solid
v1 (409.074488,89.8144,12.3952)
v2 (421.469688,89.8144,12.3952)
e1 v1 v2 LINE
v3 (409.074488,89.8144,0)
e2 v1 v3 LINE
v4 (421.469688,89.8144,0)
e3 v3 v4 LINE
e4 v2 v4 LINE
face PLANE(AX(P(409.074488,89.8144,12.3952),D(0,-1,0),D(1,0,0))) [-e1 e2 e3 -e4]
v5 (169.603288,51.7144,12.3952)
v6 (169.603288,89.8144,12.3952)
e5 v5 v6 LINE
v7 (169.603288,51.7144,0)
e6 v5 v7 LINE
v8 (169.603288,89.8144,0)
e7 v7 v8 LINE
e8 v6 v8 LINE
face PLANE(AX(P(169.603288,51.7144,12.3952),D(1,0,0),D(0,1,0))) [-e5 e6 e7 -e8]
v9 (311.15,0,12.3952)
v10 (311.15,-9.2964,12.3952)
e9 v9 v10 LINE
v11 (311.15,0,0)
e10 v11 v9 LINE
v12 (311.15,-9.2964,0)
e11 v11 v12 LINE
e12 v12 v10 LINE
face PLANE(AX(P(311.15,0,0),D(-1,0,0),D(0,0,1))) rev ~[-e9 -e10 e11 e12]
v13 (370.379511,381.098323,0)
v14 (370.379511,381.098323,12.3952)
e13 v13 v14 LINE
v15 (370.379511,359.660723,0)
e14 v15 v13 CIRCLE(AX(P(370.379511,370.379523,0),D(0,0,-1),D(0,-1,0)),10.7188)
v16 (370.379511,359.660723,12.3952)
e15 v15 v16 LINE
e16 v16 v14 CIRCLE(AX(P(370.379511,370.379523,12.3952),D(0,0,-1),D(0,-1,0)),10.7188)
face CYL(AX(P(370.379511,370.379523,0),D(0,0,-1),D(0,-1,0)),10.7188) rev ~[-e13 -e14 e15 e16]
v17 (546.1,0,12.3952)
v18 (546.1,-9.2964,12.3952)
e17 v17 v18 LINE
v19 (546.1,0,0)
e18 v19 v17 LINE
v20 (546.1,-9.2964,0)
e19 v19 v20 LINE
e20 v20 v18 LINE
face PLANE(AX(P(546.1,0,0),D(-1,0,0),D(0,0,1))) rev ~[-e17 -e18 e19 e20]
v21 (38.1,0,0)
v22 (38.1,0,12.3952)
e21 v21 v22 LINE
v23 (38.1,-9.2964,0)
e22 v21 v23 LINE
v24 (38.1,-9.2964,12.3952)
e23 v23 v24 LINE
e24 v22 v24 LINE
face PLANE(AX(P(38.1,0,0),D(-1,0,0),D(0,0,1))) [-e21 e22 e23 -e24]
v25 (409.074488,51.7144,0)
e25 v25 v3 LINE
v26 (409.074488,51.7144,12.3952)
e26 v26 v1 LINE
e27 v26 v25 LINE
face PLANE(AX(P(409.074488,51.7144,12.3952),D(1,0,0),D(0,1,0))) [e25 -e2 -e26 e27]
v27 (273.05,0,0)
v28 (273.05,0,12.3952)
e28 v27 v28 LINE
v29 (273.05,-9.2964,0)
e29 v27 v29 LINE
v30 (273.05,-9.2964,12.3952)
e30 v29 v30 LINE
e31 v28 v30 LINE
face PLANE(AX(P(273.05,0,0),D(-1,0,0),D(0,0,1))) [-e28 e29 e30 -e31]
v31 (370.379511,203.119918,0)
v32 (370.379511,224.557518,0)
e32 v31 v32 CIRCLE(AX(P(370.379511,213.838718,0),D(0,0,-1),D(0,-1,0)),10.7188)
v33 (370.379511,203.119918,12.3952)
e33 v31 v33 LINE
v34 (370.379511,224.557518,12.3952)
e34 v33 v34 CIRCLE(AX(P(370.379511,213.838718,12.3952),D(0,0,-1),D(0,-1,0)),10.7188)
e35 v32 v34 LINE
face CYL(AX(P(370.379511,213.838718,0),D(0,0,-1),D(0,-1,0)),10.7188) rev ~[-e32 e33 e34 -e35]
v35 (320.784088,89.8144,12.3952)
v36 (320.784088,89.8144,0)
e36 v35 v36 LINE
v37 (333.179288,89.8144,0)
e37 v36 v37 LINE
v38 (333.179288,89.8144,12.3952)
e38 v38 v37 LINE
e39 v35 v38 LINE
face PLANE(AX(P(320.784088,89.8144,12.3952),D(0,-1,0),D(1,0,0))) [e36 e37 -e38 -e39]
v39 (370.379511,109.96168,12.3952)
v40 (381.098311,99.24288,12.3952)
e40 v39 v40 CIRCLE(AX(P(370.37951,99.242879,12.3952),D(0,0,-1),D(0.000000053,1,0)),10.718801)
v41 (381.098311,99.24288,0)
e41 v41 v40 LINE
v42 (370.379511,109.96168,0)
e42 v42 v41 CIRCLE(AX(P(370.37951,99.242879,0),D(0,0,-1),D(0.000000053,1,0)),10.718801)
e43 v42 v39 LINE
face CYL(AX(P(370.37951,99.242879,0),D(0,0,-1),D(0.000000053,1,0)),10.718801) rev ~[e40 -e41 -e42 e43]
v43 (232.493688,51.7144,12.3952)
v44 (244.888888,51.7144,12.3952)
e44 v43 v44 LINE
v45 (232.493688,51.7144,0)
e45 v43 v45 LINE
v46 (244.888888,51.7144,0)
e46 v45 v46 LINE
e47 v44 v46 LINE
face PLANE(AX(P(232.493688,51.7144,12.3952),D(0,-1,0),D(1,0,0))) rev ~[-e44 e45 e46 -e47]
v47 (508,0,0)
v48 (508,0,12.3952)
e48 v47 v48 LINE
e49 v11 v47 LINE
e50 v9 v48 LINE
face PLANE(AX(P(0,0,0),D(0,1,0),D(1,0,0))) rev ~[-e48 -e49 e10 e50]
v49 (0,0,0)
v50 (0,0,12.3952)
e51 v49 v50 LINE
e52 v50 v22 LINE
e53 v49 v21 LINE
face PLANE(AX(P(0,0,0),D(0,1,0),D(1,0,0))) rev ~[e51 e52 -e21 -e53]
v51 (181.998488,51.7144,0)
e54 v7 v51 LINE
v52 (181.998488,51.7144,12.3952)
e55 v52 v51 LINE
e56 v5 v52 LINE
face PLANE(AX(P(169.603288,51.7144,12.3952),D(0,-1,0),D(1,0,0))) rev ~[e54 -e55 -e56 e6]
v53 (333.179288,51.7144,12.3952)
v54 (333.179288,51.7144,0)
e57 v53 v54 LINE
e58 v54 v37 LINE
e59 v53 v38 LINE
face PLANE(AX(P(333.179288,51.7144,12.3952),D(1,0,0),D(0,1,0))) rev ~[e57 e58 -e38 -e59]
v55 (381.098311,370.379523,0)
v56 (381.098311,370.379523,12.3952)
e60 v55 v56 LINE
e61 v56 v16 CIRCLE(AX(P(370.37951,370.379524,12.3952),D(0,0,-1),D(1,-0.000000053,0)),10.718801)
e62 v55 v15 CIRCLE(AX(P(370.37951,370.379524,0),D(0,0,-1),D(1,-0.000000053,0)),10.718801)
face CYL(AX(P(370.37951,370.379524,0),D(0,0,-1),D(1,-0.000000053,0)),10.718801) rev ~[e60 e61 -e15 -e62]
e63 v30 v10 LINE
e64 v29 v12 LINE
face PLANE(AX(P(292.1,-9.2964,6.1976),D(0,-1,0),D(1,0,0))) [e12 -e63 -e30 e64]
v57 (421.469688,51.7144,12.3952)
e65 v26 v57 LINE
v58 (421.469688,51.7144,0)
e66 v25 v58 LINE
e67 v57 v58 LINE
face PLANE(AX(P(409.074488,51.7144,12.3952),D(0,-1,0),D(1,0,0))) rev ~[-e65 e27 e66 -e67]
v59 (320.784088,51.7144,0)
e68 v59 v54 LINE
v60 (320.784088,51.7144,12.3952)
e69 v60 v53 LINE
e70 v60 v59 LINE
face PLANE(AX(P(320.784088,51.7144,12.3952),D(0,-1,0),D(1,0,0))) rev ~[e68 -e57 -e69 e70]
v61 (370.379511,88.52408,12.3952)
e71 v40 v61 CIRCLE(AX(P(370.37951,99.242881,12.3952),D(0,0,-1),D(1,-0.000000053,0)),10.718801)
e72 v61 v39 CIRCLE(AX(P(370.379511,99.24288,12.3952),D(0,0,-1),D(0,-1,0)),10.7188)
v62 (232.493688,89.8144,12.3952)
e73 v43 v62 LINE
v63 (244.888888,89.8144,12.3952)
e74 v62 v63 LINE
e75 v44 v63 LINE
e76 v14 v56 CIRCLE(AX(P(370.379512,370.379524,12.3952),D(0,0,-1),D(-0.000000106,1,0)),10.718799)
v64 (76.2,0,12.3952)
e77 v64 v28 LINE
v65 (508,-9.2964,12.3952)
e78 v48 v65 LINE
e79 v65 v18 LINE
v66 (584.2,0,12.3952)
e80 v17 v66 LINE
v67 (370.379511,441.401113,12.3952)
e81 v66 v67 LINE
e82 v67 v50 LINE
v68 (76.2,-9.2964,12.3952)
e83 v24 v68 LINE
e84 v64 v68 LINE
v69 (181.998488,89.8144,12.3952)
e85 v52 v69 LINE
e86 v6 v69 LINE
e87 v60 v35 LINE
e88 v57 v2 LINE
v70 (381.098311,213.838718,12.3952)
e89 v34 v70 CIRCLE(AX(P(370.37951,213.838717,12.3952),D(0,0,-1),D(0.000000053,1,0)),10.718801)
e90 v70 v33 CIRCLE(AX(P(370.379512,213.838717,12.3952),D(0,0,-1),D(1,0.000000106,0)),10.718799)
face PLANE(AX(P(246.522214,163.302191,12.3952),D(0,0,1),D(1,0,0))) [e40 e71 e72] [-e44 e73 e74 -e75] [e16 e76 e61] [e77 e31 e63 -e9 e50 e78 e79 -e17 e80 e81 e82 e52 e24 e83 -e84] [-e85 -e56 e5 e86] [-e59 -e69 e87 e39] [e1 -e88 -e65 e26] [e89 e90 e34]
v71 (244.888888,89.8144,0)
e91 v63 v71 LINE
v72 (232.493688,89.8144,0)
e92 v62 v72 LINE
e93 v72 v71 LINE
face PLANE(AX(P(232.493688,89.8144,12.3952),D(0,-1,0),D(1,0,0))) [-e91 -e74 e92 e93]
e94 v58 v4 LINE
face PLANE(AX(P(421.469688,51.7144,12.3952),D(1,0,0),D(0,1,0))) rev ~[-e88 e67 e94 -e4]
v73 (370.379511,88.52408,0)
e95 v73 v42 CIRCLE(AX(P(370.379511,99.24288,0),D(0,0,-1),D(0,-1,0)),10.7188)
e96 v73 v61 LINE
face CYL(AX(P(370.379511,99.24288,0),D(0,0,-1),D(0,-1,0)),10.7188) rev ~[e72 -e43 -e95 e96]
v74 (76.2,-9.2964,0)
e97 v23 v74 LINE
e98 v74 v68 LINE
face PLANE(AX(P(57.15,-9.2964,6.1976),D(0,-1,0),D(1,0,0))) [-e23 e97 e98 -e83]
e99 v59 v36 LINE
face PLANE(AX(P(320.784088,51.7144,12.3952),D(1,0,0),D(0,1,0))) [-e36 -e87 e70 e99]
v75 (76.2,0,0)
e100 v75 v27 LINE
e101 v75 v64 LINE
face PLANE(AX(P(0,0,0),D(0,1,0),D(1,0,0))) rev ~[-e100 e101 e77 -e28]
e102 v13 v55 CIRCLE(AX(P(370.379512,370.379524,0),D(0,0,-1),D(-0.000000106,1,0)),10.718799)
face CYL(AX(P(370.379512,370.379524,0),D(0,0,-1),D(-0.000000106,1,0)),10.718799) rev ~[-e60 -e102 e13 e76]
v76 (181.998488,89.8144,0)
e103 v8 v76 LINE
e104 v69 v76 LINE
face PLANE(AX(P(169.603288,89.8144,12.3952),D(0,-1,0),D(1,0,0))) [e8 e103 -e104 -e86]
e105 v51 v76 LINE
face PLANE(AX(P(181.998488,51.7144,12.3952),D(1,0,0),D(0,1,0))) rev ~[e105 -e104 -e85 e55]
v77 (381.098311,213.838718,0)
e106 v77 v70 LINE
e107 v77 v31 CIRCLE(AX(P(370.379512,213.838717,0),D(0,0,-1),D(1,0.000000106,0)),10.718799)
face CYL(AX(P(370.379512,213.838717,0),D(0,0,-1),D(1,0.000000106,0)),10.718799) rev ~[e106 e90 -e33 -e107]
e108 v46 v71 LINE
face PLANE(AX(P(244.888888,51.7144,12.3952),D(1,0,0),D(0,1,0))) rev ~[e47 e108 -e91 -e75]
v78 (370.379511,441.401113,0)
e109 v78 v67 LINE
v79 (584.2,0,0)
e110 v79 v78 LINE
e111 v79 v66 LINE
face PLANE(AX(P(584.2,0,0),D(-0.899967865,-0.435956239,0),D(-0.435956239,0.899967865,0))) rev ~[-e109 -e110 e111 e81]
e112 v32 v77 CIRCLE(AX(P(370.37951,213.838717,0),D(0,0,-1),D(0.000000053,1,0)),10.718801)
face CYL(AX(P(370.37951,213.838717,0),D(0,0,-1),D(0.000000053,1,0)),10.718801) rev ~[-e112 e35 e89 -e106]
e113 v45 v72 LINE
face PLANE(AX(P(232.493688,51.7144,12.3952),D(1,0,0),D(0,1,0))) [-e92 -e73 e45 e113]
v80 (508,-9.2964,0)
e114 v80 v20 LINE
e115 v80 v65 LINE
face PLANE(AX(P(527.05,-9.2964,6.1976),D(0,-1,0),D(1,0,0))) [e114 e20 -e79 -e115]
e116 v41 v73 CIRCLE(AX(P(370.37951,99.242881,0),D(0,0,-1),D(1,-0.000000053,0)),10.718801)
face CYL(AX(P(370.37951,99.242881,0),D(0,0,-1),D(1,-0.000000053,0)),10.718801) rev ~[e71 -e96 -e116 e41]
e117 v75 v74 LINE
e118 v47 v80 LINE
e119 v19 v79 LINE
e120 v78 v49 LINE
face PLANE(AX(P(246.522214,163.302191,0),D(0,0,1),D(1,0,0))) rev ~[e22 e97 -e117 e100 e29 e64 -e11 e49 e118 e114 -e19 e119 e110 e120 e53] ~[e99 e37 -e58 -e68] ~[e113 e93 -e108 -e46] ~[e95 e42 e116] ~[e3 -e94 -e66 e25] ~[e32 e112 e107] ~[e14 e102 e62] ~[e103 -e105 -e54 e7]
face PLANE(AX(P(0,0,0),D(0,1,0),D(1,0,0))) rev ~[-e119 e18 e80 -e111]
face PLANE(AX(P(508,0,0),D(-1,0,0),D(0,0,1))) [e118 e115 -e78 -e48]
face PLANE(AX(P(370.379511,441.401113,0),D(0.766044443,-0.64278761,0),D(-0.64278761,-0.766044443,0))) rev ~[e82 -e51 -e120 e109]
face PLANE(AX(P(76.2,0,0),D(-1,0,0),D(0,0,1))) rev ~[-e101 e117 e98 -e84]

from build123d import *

# Parameters (mm, degrees)
F1_DEPTH = 12.3952
F2_W     = 38.1
F2_H     = 12.3952
F3_DEPTH = 9.2964
F4_W     = 12.3952
F4_H     = 38.1
F5_DEPTH = 12.3952


with BuildPart() as f1:
    # F0 (on Top) → F1 (new body)
    with BuildSketch(Plane.XY):
        with BuildLine():
            Line((370.379511, 441.401113), (0, 0))
            Line((0, 0), (370.379511, 0))
            Line((370.379511, 0), (370.379511, 88.52408))
            ThreePointArc((370.379511, 88.52408), (359.660711, 99.24288), (370.379511, 109.96168))
            Line((370.379511, 109.96168), (370.379511, 203.119918))
            ThreePointArc((370.379511, 203.119918), (359.660711, 213.838718), (370.379511, 224.557518))
            Line((370.379511, 224.557518), (370.379511, 359.660723))
            ThreePointArc((370.379511, 359.660723), (359.660711, 370.379523), (370.379511, 381.098323))
            Line((370.379511, 381.098323), (370.379511, 441.401113))
        make_face()
        with BuildLine():
            Line((370.379511, 88.52408), (370.379511, 0))
            Line((370.379511, 0), (584.2, 0))
            Line((584.2, 0), (370.379511, 441.401113))
            Line((370.379511, 441.401113), (370.379511, 381.098323))
            ThreePointArc((370.379511, 381.098323), (377.958847, 377.95886), (381.098311, 370.379523))
            ThreePointArc((381.098311, 370.379523), (377.958847, 362.800187), (370.379511, 359.660723))
            Line((370.379511, 359.660723), (370.379511, 224.557518))
            ThreePointArc((370.379511, 224.557518), (377.958847, 221.418054), (381.098311, 213.838718))
            ThreePointArc((381.098311, 213.838718), (377.958847, 206.259381), (370.379511, 203.119918))
            Line((370.379511, 203.119918), (370.379511, 109.96168))
            ThreePointArc((370.379511, 109.96168), (377.958847, 106.822216), (381.098311, 99.24288))
            ThreePointArc((381.098311, 99.24288), (377.958847, 91.663544), (370.379511, 88.52408))
        make_face()
    extrude(amount=F1_DEPTH)

    # F2 (on face) → F3 (join)
    with BuildSketch(Plane.XZ):
        with Locations((57.15, 6.1976)):
            Rectangle(F2_W, F2_H)
        with Locations((292.1, 6.1976)):
            Rectangle(F2_W, F2_H)
        with Locations((527.05, 6.1976)):
            Rectangle(F2_W, F2_H)
    extrude(amount=F3_DEPTH)

    # F4 (on face) → F5 (cut, through all)
    with BuildSketch(Plane.XY.offset(12.3952)):
        with Locations((238.691288, 70.7644)):
            Rectangle(F4_W, F4_H)
        with Locations((326.981688, 70.7644)):
            Rectangle(F4_W, F4_H)
        with Locations((415.272088, 70.7644)):
            Rectangle(F4_W, F4_H)
        with Locations((175.800888, 70.7644)):
            Rectangle(F4_W, F4_H)
    extrude(amount=-F5_DEPTH, mode=Mode.SUBTRACT)


solid = f1.part
